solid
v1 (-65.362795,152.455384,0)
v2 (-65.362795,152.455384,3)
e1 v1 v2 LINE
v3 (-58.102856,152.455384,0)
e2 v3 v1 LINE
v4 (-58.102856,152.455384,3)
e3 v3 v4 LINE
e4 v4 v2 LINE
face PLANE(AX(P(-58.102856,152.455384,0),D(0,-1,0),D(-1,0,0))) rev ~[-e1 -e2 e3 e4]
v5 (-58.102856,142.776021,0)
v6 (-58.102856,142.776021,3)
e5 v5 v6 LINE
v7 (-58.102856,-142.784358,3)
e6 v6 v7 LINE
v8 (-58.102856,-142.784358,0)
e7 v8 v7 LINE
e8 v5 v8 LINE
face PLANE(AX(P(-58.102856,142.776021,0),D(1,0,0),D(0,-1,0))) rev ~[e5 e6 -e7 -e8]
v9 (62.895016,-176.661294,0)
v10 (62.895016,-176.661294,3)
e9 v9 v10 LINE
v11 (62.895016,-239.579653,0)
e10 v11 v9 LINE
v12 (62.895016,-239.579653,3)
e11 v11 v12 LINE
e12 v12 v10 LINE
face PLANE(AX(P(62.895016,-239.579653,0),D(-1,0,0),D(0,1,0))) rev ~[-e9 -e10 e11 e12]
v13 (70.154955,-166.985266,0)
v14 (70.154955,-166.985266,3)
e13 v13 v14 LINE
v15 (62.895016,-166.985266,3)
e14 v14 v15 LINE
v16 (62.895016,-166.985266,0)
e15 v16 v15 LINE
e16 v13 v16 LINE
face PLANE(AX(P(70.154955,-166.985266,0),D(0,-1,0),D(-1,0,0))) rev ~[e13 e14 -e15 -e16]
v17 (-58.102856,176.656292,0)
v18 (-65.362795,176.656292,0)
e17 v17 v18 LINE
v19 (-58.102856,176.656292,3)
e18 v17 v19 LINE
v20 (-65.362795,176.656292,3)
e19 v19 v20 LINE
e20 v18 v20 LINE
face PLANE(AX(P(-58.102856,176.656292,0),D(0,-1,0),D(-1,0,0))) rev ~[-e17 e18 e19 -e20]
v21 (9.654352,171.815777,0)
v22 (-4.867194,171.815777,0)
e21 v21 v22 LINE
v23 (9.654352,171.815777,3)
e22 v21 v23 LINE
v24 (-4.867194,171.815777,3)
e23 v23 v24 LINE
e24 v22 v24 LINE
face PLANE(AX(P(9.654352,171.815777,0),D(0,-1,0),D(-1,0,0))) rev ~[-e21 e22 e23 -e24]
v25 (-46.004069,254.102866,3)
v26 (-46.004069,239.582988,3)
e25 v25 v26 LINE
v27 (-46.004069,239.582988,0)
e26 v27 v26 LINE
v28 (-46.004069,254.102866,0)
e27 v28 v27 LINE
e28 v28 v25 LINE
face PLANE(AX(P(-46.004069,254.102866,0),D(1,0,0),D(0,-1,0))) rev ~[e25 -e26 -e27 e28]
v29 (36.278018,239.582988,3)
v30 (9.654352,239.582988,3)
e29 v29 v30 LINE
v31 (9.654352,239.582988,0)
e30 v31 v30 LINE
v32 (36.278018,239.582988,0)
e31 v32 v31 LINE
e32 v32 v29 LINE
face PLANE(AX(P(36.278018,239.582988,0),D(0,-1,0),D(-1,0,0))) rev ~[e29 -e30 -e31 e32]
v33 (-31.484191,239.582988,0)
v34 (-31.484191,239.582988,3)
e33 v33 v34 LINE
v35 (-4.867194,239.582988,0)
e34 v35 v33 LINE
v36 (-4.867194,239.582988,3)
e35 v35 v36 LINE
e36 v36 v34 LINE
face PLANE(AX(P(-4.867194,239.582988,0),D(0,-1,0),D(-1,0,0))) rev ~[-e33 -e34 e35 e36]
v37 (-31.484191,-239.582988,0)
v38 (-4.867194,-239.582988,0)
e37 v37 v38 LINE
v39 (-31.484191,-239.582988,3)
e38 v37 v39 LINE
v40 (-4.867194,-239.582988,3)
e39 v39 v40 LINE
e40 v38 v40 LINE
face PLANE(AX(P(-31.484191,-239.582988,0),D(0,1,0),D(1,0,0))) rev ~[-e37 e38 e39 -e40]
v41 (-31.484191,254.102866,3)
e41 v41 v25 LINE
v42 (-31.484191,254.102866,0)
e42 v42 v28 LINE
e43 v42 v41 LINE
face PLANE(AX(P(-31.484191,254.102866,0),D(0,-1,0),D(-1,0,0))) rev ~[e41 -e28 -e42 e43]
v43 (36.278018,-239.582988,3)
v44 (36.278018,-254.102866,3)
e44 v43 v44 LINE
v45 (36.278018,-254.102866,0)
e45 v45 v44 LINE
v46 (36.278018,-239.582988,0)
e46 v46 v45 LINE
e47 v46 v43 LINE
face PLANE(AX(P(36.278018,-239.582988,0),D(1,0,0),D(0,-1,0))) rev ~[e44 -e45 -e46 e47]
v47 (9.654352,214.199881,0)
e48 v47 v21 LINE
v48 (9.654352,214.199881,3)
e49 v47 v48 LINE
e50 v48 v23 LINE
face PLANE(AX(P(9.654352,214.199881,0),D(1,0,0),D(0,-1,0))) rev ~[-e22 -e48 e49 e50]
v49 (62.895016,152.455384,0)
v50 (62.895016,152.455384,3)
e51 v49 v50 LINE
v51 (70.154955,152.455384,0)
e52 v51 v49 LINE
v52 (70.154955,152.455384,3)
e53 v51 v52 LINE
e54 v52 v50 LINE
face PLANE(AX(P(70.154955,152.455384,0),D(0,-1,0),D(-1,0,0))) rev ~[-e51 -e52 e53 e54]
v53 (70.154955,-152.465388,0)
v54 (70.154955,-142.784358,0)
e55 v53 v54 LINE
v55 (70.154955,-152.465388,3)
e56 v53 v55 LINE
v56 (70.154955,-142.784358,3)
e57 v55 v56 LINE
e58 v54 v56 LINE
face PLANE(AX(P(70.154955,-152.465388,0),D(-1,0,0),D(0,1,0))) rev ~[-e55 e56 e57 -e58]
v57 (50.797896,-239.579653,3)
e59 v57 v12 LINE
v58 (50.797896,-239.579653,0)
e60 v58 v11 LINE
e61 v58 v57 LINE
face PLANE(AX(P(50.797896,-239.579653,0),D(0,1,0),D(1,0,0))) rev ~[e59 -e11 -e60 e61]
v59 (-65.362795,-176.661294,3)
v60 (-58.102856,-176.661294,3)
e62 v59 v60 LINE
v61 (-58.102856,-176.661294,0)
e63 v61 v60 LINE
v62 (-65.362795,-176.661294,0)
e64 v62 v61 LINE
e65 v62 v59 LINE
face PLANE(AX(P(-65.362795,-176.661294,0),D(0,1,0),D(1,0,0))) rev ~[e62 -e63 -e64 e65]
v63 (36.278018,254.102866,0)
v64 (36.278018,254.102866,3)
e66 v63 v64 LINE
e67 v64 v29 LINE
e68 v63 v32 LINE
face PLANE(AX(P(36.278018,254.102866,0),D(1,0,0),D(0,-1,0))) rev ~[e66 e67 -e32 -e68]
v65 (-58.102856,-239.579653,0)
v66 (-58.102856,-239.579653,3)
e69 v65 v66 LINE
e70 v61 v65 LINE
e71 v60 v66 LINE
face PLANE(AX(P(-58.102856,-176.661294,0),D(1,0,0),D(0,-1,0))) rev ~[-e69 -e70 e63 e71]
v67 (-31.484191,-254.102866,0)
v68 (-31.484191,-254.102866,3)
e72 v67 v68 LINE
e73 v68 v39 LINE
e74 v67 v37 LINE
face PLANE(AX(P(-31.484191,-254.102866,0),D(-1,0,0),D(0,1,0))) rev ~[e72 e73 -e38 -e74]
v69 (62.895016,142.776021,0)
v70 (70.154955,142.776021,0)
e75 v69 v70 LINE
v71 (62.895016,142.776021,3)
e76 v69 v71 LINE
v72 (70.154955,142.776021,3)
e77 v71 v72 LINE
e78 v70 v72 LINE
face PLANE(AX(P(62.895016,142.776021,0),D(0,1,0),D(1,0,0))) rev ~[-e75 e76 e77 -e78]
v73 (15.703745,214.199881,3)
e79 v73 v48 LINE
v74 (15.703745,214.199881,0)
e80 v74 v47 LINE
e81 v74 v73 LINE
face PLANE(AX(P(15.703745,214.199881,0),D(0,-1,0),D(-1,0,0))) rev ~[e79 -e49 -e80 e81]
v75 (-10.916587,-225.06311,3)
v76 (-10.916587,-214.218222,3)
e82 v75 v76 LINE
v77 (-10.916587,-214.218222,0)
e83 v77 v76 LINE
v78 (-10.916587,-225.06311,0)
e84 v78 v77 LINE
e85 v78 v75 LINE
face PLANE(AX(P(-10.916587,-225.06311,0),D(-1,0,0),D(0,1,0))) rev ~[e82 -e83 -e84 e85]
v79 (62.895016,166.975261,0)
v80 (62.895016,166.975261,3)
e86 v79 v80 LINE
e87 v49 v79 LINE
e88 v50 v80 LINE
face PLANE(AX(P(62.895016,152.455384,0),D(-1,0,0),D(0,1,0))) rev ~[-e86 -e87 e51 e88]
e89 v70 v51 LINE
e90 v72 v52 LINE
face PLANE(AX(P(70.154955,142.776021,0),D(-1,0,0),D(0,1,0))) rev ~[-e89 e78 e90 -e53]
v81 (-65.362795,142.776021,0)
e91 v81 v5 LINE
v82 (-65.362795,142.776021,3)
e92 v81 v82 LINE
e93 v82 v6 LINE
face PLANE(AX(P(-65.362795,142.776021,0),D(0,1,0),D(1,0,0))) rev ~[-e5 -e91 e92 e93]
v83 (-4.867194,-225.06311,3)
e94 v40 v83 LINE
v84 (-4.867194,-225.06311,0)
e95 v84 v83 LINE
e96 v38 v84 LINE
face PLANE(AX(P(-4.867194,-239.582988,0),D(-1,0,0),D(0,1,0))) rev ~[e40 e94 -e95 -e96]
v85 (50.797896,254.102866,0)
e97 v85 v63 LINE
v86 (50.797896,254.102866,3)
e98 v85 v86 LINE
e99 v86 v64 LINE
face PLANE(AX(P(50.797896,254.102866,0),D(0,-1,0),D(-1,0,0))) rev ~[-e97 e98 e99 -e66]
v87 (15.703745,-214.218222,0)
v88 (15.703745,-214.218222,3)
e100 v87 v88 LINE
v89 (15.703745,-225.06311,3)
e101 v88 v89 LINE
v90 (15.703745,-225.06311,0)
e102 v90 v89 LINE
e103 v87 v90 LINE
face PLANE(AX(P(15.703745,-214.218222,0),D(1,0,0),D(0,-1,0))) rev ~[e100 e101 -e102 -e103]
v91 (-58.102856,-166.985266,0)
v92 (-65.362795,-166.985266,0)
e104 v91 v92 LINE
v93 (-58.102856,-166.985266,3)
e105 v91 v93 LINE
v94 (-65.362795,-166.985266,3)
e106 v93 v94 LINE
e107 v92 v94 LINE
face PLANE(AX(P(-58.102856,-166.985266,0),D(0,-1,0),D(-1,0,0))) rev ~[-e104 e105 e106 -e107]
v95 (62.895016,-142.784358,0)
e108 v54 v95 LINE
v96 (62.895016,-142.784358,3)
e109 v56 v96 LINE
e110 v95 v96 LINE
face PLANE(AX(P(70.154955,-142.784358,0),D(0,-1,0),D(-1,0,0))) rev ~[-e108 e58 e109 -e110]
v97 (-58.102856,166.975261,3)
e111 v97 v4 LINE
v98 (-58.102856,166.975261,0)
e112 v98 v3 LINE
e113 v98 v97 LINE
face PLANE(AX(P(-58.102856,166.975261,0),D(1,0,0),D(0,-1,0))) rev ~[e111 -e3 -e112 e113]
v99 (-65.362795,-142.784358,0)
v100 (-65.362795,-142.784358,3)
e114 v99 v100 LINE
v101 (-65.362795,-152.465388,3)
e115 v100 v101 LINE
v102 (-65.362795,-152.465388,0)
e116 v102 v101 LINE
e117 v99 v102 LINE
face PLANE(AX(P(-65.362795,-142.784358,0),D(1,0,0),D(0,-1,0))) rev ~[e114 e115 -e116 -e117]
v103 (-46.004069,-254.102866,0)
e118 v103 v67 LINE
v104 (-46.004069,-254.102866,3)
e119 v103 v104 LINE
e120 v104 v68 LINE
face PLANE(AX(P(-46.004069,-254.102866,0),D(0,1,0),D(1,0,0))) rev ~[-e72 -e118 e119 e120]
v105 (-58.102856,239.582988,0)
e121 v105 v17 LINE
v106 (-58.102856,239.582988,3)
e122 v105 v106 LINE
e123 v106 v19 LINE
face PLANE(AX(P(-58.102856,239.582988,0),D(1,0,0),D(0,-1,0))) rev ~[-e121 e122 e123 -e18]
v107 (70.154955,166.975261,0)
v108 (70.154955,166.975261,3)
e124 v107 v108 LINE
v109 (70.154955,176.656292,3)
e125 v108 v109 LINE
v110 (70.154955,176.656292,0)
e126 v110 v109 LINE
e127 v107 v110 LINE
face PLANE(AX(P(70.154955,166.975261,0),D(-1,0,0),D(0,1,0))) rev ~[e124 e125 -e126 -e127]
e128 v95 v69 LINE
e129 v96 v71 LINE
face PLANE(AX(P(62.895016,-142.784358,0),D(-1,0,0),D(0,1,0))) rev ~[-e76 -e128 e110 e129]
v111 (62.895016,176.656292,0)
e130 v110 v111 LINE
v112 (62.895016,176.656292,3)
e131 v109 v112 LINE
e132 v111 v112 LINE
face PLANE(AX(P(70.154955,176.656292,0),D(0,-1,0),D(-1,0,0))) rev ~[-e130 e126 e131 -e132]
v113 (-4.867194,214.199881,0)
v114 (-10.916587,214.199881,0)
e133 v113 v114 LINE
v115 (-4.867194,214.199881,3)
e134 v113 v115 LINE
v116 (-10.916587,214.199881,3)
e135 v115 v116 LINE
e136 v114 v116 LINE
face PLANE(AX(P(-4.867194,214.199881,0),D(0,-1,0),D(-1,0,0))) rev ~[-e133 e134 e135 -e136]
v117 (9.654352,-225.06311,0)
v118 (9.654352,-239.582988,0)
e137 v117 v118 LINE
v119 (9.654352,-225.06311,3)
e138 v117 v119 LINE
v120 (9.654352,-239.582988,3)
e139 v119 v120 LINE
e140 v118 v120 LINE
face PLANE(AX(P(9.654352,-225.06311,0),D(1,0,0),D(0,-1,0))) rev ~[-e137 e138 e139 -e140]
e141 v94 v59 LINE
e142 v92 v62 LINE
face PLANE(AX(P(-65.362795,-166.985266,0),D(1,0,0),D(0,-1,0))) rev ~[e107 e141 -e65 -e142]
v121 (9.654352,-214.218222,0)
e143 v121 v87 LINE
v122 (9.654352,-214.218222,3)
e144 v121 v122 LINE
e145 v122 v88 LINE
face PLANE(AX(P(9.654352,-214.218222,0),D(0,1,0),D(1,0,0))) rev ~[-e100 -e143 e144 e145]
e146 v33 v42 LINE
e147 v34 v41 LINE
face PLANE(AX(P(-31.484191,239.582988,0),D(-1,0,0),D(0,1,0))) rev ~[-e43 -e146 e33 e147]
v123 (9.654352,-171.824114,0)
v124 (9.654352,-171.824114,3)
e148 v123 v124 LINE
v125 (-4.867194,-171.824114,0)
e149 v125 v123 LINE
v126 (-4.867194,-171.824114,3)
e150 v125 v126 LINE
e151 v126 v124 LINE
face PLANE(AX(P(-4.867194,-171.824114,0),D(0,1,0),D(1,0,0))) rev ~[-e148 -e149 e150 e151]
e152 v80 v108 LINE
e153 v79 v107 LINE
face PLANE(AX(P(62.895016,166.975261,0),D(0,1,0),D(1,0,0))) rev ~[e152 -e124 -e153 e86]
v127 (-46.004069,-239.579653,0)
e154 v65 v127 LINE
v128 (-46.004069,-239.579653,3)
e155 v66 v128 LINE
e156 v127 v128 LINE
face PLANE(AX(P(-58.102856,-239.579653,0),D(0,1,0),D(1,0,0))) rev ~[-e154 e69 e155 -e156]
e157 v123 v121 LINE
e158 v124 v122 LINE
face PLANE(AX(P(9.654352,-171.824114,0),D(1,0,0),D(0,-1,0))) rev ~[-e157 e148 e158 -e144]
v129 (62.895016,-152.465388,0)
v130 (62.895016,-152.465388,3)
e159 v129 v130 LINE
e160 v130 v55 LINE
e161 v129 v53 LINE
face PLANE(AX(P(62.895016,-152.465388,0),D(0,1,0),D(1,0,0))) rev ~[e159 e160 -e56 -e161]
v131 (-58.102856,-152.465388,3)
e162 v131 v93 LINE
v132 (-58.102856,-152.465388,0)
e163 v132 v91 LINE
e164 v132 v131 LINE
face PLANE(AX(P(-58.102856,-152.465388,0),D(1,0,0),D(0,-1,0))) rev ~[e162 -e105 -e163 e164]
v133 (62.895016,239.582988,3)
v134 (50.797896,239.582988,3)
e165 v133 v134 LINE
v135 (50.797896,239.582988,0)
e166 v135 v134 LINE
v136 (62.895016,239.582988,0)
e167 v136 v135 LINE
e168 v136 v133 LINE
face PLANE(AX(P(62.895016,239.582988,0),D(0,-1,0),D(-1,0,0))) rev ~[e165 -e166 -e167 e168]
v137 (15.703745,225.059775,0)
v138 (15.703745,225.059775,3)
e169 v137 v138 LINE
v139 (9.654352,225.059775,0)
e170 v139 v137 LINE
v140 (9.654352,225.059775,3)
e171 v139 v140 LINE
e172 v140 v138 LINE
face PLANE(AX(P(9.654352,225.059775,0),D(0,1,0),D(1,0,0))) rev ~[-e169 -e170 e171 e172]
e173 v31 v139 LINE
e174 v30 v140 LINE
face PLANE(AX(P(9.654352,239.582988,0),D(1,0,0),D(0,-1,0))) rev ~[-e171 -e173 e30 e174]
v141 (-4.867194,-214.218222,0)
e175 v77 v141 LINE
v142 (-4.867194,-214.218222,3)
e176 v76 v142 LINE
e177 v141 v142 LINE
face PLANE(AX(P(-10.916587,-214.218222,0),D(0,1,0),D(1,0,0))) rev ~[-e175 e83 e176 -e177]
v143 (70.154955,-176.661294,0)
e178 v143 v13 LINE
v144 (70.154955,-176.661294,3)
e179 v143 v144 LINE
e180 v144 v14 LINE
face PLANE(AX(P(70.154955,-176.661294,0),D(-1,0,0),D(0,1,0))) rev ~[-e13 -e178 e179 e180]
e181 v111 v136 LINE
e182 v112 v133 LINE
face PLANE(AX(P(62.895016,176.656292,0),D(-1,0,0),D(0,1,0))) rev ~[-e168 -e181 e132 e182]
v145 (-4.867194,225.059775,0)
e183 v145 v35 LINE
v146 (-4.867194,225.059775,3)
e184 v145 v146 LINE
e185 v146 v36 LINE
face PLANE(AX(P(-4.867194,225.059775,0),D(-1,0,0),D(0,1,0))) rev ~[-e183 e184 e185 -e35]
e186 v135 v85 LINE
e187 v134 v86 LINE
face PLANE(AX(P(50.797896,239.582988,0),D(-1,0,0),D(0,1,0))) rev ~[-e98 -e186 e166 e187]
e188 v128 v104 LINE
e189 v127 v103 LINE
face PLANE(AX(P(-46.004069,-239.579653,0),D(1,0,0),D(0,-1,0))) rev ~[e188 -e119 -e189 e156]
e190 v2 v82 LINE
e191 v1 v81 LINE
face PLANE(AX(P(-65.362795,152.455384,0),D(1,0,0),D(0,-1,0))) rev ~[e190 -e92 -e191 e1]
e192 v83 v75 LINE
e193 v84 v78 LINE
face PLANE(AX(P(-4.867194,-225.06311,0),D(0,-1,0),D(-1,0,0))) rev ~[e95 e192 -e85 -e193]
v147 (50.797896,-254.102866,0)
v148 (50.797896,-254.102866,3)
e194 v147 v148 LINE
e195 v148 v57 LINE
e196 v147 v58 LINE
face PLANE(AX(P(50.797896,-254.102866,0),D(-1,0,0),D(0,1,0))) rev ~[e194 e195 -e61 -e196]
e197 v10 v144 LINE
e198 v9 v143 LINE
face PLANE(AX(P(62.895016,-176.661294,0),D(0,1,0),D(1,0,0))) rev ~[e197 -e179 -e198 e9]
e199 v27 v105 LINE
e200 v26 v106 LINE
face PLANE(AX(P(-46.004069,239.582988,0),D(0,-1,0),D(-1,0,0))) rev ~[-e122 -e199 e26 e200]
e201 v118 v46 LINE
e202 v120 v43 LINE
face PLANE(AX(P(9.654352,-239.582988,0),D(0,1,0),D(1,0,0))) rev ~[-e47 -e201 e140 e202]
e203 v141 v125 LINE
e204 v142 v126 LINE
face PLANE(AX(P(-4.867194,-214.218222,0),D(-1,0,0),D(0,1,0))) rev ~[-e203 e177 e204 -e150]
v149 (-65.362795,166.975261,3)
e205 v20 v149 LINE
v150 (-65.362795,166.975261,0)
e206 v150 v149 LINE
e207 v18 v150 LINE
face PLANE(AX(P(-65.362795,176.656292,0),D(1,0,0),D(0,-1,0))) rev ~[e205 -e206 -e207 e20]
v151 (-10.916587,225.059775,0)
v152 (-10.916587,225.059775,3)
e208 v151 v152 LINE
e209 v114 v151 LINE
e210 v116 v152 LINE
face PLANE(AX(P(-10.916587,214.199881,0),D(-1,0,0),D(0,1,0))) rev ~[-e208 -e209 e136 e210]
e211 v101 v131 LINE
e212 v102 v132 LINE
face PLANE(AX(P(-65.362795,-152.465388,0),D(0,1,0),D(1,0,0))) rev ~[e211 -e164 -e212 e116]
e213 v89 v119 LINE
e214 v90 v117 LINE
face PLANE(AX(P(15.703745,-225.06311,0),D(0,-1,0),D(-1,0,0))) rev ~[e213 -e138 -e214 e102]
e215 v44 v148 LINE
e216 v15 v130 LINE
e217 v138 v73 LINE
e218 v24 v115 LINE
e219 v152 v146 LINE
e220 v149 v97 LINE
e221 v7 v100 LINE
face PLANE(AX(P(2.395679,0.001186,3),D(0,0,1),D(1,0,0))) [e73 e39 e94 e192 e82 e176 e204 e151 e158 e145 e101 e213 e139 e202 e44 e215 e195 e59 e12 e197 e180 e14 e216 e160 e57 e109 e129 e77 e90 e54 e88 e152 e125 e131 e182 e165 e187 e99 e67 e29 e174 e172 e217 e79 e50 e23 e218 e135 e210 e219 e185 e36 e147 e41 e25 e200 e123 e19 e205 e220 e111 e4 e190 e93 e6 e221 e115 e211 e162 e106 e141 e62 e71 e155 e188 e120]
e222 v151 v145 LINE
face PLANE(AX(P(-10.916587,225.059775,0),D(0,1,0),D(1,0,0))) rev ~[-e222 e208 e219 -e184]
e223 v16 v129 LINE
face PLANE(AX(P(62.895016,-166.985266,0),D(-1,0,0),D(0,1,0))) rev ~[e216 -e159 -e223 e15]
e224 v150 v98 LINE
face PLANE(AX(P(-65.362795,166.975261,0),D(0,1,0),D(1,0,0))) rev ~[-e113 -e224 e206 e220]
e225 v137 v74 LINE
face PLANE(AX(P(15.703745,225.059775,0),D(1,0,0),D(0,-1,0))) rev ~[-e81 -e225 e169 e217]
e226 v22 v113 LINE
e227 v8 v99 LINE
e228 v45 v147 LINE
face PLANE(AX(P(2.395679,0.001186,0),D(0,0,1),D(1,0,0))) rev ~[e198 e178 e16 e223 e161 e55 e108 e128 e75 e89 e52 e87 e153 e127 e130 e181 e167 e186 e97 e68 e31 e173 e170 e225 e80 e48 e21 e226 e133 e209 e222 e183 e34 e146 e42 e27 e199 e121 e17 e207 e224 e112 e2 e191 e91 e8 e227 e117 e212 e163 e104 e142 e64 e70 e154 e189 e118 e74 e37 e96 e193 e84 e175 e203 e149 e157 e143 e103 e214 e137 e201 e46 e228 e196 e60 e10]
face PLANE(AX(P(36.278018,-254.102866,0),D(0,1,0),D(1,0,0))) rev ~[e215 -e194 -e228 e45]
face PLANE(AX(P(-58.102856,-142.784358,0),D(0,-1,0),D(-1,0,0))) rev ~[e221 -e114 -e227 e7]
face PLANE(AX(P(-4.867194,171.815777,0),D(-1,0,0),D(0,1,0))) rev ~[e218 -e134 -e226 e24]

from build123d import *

# Parameters (mm, degrees)
BOSS_EXTRUDE1_DEPTH = 3


with BuildPart() as part:
    # Sketch1 → Boss-Extrude1 (new body)
    with BuildSketch(Plane.XY):
        Polygon((70.154954576, 166.975261474), (70.154954576, 176.656291712), (62.895015606, 176.656291712), (62.895015606, 239.582988265), (50.797896353, 239.582988265), (50.797896353, 254.102866205), (36.278018413, 254.102866205), (36.278018413, 239.582988265), (9.654351547, 239.582988265), (9.654351547, 225.059775488), (15.703744883, 225.059775488), (15.703744883, 214.199880562), (9.654351547, 214.199880562), (9.654351547, 171.815776593), (-4.867193811, 171.815776593), (-4.867193811, 214.199880562), (-10.916587147, 214.199880562), (-10.916587147, 225.059775488), (-4.867193811, 225.059775488), (-4.867193811, 239.582988265), (-31.484191004, 239.582988265), (-31.484191004, 254.102866205), (-46.004068944, 254.102866205), (-46.004068944, 239.582988265), (-58.102855615, 239.582988265), (-58.102855615, 176.656291712), (-65.362794585, 176.656291712), (-65.362794585, 166.975261474), (-58.102855615, 166.975261474), (-58.102855615, 152.455383534), (-65.362794585, 152.455383534), (-65.362794585, 142.776020713), (-58.102855615, 142.776020713), (-58.102855615, -142.784357804), (-65.362794585, -142.784357804), (-65.362794585, -152.465388043), (-58.102855615, -152.465388043), (-58.102855615, -166.985265983), (-65.362794585, -166.985265983), (-65.362794585, -176.661293967), (-58.102855615, -176.661293967), (-58.102855615, -239.579653428), (-46.004068944, -239.579653428), (-46.004068944, -254.102866205), (-31.484191004, -254.102866205), (-31.484191004, -239.582988265), (-4.867193811, -239.582988265), (-4.867193811, -225.063110325), (-10.916587147, -225.063110325), (-10.916587147, -214.218222162), (-4.867193811, -214.218222162), (-4.867193811, -171.824113684), (9.654351547, -171.824113684), (9.654351547, -214.218222162), (15.703744883, -214.218222162), (15.703744883, -225.063110325), (9.654351547, -225.063110325), (9.654351547, -239.582988265), (36.278018413, -239.582988265), (36.278018413, -254.102866205), (50.797896353, -254.102866205), (50.797896353, -239.579653428), (62.895015606, -239.579653428), (62.895015606, -176.661293967), (70.154954576, -176.661293967), (70.154954576, -166.985265983), (62.895015606, -166.985265983), (62.895015606, -152.465388043), (70.154954576, -152.465388043), (70.154954576, -142.784357804), (62.895015606, -142.784357804), (62.895015606, 142.776020713), (70.154954576, 142.776020713), (70.154954576, 152.455383534), (62.895015606, 152.455383534), (62.895015606, 166.975261474), align=None)
    extrude(amount=BOSS_EXTRUDE1_DEPTH)


solid = part.part
